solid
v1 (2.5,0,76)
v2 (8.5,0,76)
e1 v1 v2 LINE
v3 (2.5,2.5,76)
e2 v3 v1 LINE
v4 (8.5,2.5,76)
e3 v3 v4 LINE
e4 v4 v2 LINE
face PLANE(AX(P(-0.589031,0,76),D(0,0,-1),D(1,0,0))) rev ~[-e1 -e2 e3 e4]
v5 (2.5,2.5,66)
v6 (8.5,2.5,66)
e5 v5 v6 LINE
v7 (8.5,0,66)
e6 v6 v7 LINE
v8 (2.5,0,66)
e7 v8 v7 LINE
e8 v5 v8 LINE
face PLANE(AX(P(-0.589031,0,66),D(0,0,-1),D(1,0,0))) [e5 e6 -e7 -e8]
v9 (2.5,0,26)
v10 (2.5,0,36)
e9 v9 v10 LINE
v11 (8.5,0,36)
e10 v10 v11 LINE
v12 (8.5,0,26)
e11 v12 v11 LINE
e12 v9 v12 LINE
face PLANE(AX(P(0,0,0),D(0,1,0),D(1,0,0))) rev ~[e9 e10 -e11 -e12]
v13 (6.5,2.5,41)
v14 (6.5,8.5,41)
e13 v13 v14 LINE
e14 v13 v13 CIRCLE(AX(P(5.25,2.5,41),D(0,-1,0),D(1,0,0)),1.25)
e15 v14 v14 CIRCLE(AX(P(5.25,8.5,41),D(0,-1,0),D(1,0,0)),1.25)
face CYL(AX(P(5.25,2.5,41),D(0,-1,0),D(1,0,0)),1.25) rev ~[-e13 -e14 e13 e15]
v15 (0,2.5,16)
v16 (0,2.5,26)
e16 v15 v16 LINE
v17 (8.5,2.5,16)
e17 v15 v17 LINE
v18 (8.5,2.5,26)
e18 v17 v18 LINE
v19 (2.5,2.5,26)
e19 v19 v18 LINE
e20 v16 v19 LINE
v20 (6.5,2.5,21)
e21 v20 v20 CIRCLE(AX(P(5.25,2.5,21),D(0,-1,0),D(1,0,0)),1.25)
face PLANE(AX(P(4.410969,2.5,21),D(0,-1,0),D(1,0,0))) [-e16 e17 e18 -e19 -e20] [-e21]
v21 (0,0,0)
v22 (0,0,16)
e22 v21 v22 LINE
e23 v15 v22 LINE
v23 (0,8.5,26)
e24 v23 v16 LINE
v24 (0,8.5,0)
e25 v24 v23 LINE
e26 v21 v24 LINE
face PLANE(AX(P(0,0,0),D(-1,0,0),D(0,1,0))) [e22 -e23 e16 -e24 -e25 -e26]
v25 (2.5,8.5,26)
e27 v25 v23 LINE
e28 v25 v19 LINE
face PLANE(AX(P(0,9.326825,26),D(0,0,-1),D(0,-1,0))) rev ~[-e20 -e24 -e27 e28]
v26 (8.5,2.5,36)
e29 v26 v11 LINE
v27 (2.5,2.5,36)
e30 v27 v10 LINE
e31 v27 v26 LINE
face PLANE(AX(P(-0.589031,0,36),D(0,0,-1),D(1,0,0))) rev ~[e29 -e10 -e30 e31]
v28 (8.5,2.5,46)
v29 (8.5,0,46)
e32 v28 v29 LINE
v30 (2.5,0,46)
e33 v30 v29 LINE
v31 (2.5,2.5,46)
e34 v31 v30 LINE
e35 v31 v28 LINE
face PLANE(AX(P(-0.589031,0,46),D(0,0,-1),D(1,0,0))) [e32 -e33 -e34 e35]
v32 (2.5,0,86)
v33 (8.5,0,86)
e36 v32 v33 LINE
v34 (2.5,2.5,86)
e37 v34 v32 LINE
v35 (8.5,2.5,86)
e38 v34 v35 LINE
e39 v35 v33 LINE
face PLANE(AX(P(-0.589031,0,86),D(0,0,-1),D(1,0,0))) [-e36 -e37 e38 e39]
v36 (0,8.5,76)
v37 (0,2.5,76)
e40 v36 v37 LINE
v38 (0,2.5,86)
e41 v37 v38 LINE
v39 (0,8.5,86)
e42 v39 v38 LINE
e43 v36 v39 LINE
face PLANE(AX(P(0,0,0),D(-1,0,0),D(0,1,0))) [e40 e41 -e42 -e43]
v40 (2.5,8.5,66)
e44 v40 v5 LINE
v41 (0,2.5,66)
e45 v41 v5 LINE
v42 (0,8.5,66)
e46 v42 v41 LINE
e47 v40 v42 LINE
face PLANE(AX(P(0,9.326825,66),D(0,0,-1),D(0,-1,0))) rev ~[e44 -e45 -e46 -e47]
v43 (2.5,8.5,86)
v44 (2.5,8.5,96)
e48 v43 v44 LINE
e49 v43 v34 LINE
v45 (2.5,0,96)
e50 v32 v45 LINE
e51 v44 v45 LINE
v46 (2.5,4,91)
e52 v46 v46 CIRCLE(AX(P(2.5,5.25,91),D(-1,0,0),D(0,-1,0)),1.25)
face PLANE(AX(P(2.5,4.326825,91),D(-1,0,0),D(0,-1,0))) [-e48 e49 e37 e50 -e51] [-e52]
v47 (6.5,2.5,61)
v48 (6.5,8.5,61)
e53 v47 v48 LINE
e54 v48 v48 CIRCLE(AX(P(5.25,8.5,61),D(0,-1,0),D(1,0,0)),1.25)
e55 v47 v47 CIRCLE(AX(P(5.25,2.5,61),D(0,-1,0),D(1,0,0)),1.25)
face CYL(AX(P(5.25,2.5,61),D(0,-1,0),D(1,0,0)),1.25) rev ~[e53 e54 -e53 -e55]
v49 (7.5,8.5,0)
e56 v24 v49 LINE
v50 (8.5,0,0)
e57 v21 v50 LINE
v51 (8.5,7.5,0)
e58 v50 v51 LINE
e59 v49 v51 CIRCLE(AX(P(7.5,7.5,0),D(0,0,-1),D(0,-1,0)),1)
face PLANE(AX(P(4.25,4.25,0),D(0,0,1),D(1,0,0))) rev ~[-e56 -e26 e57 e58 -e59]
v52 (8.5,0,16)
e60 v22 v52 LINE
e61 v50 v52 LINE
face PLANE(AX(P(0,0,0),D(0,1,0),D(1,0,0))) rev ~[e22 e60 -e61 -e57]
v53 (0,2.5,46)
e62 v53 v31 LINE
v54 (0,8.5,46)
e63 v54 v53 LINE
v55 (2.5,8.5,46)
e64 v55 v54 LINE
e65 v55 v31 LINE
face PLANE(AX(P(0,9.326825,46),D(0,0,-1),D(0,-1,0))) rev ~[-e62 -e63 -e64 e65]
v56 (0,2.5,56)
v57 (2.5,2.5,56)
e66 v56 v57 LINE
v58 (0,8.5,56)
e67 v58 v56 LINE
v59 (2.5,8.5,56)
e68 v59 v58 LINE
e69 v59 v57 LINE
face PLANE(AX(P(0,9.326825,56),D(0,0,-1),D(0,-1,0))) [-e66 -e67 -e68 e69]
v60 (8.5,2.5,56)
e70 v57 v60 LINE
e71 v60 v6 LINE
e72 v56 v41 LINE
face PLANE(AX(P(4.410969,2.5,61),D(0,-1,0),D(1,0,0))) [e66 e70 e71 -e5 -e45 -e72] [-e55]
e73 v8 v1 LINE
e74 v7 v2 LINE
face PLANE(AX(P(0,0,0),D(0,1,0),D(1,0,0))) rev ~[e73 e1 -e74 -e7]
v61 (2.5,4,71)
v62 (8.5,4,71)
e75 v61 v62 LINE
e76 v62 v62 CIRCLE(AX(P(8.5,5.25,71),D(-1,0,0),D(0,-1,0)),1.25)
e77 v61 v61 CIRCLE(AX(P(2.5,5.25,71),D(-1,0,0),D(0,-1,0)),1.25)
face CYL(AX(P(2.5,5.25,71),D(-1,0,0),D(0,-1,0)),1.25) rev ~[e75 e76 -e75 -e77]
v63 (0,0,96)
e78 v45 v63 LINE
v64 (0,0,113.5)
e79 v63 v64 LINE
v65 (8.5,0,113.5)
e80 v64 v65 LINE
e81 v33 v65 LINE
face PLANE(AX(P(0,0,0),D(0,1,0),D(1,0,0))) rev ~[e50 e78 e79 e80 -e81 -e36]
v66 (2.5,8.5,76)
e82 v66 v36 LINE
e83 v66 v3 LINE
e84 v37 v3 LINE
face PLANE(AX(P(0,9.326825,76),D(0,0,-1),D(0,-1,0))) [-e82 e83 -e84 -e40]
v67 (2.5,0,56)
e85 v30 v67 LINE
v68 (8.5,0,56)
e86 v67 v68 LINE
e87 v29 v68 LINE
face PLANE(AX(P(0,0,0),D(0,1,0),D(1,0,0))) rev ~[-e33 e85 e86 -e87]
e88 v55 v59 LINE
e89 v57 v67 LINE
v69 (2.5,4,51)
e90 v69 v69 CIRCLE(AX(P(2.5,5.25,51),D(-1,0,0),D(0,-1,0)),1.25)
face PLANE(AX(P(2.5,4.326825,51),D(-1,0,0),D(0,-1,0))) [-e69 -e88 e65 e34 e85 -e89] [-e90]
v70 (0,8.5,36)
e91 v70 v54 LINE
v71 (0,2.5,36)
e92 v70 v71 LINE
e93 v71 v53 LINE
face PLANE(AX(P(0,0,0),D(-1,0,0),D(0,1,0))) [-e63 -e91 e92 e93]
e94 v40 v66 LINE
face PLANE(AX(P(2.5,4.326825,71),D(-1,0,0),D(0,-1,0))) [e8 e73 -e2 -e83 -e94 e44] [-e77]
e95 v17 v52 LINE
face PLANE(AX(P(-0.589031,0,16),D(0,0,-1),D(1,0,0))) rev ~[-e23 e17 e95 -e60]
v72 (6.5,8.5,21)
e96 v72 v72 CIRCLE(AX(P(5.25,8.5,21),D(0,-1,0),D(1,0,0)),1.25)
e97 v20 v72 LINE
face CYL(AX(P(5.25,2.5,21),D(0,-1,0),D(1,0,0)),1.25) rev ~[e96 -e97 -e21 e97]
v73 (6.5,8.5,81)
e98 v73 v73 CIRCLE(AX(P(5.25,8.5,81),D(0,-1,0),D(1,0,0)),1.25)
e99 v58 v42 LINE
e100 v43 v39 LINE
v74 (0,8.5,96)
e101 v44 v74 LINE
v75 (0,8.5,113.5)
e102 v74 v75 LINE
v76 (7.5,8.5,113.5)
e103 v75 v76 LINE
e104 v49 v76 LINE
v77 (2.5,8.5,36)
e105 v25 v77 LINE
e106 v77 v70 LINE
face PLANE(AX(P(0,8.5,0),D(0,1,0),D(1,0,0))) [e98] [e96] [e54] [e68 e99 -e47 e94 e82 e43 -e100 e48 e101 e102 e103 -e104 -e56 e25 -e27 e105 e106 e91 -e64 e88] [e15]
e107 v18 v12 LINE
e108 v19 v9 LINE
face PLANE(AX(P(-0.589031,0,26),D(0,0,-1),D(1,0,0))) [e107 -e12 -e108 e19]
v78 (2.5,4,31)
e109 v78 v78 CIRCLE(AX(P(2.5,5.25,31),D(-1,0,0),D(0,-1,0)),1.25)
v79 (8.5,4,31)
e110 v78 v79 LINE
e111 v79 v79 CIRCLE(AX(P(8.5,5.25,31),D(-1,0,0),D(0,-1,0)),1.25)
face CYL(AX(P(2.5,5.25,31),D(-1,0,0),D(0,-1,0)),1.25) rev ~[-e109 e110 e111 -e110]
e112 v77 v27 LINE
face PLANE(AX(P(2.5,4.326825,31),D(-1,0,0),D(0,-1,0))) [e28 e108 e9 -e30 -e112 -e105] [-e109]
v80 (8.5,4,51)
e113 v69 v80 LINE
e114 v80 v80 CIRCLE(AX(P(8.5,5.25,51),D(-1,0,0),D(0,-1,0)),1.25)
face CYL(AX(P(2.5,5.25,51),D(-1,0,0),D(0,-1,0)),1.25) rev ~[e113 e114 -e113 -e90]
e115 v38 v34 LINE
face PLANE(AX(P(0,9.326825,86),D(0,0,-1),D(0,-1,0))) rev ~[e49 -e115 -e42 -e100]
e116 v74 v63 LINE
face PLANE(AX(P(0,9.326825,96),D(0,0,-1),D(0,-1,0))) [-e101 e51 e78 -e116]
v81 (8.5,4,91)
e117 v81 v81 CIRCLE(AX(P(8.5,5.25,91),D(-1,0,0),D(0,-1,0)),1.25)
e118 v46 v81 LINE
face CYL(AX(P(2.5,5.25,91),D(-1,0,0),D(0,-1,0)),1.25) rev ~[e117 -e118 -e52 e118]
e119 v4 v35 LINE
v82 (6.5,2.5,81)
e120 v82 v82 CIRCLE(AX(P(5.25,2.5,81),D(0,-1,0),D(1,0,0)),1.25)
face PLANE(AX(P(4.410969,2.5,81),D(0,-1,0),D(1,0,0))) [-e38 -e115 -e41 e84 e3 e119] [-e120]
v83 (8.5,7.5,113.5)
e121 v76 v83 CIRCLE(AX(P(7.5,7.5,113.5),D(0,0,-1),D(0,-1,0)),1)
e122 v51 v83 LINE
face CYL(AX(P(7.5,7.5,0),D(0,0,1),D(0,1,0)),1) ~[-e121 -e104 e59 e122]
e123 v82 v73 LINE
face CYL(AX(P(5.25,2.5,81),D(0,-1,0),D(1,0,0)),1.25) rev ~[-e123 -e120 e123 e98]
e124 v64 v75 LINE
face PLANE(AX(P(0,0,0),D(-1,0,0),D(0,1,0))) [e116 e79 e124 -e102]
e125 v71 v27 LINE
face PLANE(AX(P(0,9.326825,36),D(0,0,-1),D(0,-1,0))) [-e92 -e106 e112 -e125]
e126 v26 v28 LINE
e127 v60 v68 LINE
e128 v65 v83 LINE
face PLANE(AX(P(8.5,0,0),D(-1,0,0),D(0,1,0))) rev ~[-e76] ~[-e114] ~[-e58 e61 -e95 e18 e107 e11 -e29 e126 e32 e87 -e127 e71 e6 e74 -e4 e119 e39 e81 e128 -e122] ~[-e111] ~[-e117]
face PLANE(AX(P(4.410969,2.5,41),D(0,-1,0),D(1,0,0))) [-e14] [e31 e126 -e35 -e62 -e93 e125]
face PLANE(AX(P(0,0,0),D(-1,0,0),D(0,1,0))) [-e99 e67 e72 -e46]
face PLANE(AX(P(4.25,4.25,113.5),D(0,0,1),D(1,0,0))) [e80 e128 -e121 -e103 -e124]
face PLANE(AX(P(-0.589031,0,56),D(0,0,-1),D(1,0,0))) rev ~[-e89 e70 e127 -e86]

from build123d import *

# Parameters (mm, degrees)
SKETCH_W               = 8.5
SKETCH_H               = 8.5
PAD_DEPTH              = 113.5
SKETCH001_W            = 10
SKETCH001_H            = 10
POCKET_DEPTH           = 2.5
LINEARPATTERN_COUNT    = 4
LINEARPATTERN_PITCH    = 20
SKETCH002_W            = 10
SKETCH002_H            = 10
POCKET001_DEPTH        = 2.5
LINEARPATTERN001_COUNT = 4
LINEARPATTERN001_PITCH = 20
FILLET_R               = 1
SKETCH003_R            = 1.25
POCKET002_DEPTH        = 6.001
LINEARPATTERN002_COUNT = 4
LINEARPATTERN002_PITCH = 20
SKETCH004_R            = 1.25
POCKET003_DEPTH        = 6.001
LINEARPATTERN003_COUNT = 4
LINEARPATTERN003_PITCH = 20


with BuildPart() as part:
    # Sketch → Pad (new body)
    with BuildSketch(Plane.XY):
        with Locations((4.25, 4.25)):
            Rectangle(SKETCH_W, SKETCH_H)
    extrude(amount=PAD_DEPTH)

    # Sketch001 → Pocket (cut)
    with BuildSketch(Plane.XZ):
        with Locations((4.410969, 21)):
            Rectangle(SKETCH001_W, SKETCH001_H)
    pocket = extrude(amount=-POCKET_DEPTH, mode=Mode.SUBTRACT)

    # LinearPattern: Pocket ×4
    with Locations(*[(0, 0, i * LINEARPATTERN_PITCH) for i in range(1, LINEARPATTERN_COUNT)]):
        add(pocket, mode=Mode.SUBTRACT)

    # Sketch002 → Pocket001 (cut)
    with BuildSketch(Plane(origin=(0, 0, 0), x_dir=(0, -1, 0), z_dir=(-1, 0, 0))):
        with Locations((-4.326825, 31)):
            Rectangle(SKETCH002_W, SKETCH002_H)
    pocket001 = extrude(amount=-POCKET001_DEPTH, mode=Mode.SUBTRACT)

    # LinearPattern001: Pocket001 ×4
    with Locations(*[(0, 0, i * LINEARPATTERN001_PITCH) for i in range(1, LINEARPATTERN001_COUNT)]):
        add(pocket001, mode=Mode.SUBTRACT)

    # Fillet
    fillet_edges = [part.edges().sort_by_distance(p)[0] for p in [
        (8.5, 8.5, 56.75),
    ]]
    fillet(fillet_edges, radius=FILLET_R)

    # Sketch003 → Pocket002 (cut, through all)
    with BuildSketch(Plane.XZ.offset(-2.5)):
        with Locations((5.25, 21)):
            Circle(SKETCH003_R)
    pocket002 = extrude(amount=-POCKET002_DEPTH, mode=Mode.SUBTRACT)

    # LinearPattern002: Pocket002 ×4
    with Locations(*[(0, 0, i * LINEARPATTERN002_PITCH) for i in range(1, LINEARPATTERN002_COUNT)]):
        add(pocket002, mode=Mode.SUBTRACT)

    # Sketch004 → Pocket003 (cut, through all)
    with BuildSketch(Plane(origin=(2.5, 0, 0), x_dir=(0, -1, 0), z_dir=(-1, 0, 0))):
        with Locations((-5.25, 31)):
            Circle(SKETCH004_R)
    pocket003 = extrude(amount=-POCKET003_DEPTH, mode=Mode.SUBTRACT)

    # LinearPattern003: Pocket003 ×4
    with Locations(*[(0, 0, i * LINEARPATTERN003_PITCH) for i in range(1, LINEARPATTERN003_COUNT)]):
        add(pocket003, mode=Mode.SUBTRACT)


solid = part.part
